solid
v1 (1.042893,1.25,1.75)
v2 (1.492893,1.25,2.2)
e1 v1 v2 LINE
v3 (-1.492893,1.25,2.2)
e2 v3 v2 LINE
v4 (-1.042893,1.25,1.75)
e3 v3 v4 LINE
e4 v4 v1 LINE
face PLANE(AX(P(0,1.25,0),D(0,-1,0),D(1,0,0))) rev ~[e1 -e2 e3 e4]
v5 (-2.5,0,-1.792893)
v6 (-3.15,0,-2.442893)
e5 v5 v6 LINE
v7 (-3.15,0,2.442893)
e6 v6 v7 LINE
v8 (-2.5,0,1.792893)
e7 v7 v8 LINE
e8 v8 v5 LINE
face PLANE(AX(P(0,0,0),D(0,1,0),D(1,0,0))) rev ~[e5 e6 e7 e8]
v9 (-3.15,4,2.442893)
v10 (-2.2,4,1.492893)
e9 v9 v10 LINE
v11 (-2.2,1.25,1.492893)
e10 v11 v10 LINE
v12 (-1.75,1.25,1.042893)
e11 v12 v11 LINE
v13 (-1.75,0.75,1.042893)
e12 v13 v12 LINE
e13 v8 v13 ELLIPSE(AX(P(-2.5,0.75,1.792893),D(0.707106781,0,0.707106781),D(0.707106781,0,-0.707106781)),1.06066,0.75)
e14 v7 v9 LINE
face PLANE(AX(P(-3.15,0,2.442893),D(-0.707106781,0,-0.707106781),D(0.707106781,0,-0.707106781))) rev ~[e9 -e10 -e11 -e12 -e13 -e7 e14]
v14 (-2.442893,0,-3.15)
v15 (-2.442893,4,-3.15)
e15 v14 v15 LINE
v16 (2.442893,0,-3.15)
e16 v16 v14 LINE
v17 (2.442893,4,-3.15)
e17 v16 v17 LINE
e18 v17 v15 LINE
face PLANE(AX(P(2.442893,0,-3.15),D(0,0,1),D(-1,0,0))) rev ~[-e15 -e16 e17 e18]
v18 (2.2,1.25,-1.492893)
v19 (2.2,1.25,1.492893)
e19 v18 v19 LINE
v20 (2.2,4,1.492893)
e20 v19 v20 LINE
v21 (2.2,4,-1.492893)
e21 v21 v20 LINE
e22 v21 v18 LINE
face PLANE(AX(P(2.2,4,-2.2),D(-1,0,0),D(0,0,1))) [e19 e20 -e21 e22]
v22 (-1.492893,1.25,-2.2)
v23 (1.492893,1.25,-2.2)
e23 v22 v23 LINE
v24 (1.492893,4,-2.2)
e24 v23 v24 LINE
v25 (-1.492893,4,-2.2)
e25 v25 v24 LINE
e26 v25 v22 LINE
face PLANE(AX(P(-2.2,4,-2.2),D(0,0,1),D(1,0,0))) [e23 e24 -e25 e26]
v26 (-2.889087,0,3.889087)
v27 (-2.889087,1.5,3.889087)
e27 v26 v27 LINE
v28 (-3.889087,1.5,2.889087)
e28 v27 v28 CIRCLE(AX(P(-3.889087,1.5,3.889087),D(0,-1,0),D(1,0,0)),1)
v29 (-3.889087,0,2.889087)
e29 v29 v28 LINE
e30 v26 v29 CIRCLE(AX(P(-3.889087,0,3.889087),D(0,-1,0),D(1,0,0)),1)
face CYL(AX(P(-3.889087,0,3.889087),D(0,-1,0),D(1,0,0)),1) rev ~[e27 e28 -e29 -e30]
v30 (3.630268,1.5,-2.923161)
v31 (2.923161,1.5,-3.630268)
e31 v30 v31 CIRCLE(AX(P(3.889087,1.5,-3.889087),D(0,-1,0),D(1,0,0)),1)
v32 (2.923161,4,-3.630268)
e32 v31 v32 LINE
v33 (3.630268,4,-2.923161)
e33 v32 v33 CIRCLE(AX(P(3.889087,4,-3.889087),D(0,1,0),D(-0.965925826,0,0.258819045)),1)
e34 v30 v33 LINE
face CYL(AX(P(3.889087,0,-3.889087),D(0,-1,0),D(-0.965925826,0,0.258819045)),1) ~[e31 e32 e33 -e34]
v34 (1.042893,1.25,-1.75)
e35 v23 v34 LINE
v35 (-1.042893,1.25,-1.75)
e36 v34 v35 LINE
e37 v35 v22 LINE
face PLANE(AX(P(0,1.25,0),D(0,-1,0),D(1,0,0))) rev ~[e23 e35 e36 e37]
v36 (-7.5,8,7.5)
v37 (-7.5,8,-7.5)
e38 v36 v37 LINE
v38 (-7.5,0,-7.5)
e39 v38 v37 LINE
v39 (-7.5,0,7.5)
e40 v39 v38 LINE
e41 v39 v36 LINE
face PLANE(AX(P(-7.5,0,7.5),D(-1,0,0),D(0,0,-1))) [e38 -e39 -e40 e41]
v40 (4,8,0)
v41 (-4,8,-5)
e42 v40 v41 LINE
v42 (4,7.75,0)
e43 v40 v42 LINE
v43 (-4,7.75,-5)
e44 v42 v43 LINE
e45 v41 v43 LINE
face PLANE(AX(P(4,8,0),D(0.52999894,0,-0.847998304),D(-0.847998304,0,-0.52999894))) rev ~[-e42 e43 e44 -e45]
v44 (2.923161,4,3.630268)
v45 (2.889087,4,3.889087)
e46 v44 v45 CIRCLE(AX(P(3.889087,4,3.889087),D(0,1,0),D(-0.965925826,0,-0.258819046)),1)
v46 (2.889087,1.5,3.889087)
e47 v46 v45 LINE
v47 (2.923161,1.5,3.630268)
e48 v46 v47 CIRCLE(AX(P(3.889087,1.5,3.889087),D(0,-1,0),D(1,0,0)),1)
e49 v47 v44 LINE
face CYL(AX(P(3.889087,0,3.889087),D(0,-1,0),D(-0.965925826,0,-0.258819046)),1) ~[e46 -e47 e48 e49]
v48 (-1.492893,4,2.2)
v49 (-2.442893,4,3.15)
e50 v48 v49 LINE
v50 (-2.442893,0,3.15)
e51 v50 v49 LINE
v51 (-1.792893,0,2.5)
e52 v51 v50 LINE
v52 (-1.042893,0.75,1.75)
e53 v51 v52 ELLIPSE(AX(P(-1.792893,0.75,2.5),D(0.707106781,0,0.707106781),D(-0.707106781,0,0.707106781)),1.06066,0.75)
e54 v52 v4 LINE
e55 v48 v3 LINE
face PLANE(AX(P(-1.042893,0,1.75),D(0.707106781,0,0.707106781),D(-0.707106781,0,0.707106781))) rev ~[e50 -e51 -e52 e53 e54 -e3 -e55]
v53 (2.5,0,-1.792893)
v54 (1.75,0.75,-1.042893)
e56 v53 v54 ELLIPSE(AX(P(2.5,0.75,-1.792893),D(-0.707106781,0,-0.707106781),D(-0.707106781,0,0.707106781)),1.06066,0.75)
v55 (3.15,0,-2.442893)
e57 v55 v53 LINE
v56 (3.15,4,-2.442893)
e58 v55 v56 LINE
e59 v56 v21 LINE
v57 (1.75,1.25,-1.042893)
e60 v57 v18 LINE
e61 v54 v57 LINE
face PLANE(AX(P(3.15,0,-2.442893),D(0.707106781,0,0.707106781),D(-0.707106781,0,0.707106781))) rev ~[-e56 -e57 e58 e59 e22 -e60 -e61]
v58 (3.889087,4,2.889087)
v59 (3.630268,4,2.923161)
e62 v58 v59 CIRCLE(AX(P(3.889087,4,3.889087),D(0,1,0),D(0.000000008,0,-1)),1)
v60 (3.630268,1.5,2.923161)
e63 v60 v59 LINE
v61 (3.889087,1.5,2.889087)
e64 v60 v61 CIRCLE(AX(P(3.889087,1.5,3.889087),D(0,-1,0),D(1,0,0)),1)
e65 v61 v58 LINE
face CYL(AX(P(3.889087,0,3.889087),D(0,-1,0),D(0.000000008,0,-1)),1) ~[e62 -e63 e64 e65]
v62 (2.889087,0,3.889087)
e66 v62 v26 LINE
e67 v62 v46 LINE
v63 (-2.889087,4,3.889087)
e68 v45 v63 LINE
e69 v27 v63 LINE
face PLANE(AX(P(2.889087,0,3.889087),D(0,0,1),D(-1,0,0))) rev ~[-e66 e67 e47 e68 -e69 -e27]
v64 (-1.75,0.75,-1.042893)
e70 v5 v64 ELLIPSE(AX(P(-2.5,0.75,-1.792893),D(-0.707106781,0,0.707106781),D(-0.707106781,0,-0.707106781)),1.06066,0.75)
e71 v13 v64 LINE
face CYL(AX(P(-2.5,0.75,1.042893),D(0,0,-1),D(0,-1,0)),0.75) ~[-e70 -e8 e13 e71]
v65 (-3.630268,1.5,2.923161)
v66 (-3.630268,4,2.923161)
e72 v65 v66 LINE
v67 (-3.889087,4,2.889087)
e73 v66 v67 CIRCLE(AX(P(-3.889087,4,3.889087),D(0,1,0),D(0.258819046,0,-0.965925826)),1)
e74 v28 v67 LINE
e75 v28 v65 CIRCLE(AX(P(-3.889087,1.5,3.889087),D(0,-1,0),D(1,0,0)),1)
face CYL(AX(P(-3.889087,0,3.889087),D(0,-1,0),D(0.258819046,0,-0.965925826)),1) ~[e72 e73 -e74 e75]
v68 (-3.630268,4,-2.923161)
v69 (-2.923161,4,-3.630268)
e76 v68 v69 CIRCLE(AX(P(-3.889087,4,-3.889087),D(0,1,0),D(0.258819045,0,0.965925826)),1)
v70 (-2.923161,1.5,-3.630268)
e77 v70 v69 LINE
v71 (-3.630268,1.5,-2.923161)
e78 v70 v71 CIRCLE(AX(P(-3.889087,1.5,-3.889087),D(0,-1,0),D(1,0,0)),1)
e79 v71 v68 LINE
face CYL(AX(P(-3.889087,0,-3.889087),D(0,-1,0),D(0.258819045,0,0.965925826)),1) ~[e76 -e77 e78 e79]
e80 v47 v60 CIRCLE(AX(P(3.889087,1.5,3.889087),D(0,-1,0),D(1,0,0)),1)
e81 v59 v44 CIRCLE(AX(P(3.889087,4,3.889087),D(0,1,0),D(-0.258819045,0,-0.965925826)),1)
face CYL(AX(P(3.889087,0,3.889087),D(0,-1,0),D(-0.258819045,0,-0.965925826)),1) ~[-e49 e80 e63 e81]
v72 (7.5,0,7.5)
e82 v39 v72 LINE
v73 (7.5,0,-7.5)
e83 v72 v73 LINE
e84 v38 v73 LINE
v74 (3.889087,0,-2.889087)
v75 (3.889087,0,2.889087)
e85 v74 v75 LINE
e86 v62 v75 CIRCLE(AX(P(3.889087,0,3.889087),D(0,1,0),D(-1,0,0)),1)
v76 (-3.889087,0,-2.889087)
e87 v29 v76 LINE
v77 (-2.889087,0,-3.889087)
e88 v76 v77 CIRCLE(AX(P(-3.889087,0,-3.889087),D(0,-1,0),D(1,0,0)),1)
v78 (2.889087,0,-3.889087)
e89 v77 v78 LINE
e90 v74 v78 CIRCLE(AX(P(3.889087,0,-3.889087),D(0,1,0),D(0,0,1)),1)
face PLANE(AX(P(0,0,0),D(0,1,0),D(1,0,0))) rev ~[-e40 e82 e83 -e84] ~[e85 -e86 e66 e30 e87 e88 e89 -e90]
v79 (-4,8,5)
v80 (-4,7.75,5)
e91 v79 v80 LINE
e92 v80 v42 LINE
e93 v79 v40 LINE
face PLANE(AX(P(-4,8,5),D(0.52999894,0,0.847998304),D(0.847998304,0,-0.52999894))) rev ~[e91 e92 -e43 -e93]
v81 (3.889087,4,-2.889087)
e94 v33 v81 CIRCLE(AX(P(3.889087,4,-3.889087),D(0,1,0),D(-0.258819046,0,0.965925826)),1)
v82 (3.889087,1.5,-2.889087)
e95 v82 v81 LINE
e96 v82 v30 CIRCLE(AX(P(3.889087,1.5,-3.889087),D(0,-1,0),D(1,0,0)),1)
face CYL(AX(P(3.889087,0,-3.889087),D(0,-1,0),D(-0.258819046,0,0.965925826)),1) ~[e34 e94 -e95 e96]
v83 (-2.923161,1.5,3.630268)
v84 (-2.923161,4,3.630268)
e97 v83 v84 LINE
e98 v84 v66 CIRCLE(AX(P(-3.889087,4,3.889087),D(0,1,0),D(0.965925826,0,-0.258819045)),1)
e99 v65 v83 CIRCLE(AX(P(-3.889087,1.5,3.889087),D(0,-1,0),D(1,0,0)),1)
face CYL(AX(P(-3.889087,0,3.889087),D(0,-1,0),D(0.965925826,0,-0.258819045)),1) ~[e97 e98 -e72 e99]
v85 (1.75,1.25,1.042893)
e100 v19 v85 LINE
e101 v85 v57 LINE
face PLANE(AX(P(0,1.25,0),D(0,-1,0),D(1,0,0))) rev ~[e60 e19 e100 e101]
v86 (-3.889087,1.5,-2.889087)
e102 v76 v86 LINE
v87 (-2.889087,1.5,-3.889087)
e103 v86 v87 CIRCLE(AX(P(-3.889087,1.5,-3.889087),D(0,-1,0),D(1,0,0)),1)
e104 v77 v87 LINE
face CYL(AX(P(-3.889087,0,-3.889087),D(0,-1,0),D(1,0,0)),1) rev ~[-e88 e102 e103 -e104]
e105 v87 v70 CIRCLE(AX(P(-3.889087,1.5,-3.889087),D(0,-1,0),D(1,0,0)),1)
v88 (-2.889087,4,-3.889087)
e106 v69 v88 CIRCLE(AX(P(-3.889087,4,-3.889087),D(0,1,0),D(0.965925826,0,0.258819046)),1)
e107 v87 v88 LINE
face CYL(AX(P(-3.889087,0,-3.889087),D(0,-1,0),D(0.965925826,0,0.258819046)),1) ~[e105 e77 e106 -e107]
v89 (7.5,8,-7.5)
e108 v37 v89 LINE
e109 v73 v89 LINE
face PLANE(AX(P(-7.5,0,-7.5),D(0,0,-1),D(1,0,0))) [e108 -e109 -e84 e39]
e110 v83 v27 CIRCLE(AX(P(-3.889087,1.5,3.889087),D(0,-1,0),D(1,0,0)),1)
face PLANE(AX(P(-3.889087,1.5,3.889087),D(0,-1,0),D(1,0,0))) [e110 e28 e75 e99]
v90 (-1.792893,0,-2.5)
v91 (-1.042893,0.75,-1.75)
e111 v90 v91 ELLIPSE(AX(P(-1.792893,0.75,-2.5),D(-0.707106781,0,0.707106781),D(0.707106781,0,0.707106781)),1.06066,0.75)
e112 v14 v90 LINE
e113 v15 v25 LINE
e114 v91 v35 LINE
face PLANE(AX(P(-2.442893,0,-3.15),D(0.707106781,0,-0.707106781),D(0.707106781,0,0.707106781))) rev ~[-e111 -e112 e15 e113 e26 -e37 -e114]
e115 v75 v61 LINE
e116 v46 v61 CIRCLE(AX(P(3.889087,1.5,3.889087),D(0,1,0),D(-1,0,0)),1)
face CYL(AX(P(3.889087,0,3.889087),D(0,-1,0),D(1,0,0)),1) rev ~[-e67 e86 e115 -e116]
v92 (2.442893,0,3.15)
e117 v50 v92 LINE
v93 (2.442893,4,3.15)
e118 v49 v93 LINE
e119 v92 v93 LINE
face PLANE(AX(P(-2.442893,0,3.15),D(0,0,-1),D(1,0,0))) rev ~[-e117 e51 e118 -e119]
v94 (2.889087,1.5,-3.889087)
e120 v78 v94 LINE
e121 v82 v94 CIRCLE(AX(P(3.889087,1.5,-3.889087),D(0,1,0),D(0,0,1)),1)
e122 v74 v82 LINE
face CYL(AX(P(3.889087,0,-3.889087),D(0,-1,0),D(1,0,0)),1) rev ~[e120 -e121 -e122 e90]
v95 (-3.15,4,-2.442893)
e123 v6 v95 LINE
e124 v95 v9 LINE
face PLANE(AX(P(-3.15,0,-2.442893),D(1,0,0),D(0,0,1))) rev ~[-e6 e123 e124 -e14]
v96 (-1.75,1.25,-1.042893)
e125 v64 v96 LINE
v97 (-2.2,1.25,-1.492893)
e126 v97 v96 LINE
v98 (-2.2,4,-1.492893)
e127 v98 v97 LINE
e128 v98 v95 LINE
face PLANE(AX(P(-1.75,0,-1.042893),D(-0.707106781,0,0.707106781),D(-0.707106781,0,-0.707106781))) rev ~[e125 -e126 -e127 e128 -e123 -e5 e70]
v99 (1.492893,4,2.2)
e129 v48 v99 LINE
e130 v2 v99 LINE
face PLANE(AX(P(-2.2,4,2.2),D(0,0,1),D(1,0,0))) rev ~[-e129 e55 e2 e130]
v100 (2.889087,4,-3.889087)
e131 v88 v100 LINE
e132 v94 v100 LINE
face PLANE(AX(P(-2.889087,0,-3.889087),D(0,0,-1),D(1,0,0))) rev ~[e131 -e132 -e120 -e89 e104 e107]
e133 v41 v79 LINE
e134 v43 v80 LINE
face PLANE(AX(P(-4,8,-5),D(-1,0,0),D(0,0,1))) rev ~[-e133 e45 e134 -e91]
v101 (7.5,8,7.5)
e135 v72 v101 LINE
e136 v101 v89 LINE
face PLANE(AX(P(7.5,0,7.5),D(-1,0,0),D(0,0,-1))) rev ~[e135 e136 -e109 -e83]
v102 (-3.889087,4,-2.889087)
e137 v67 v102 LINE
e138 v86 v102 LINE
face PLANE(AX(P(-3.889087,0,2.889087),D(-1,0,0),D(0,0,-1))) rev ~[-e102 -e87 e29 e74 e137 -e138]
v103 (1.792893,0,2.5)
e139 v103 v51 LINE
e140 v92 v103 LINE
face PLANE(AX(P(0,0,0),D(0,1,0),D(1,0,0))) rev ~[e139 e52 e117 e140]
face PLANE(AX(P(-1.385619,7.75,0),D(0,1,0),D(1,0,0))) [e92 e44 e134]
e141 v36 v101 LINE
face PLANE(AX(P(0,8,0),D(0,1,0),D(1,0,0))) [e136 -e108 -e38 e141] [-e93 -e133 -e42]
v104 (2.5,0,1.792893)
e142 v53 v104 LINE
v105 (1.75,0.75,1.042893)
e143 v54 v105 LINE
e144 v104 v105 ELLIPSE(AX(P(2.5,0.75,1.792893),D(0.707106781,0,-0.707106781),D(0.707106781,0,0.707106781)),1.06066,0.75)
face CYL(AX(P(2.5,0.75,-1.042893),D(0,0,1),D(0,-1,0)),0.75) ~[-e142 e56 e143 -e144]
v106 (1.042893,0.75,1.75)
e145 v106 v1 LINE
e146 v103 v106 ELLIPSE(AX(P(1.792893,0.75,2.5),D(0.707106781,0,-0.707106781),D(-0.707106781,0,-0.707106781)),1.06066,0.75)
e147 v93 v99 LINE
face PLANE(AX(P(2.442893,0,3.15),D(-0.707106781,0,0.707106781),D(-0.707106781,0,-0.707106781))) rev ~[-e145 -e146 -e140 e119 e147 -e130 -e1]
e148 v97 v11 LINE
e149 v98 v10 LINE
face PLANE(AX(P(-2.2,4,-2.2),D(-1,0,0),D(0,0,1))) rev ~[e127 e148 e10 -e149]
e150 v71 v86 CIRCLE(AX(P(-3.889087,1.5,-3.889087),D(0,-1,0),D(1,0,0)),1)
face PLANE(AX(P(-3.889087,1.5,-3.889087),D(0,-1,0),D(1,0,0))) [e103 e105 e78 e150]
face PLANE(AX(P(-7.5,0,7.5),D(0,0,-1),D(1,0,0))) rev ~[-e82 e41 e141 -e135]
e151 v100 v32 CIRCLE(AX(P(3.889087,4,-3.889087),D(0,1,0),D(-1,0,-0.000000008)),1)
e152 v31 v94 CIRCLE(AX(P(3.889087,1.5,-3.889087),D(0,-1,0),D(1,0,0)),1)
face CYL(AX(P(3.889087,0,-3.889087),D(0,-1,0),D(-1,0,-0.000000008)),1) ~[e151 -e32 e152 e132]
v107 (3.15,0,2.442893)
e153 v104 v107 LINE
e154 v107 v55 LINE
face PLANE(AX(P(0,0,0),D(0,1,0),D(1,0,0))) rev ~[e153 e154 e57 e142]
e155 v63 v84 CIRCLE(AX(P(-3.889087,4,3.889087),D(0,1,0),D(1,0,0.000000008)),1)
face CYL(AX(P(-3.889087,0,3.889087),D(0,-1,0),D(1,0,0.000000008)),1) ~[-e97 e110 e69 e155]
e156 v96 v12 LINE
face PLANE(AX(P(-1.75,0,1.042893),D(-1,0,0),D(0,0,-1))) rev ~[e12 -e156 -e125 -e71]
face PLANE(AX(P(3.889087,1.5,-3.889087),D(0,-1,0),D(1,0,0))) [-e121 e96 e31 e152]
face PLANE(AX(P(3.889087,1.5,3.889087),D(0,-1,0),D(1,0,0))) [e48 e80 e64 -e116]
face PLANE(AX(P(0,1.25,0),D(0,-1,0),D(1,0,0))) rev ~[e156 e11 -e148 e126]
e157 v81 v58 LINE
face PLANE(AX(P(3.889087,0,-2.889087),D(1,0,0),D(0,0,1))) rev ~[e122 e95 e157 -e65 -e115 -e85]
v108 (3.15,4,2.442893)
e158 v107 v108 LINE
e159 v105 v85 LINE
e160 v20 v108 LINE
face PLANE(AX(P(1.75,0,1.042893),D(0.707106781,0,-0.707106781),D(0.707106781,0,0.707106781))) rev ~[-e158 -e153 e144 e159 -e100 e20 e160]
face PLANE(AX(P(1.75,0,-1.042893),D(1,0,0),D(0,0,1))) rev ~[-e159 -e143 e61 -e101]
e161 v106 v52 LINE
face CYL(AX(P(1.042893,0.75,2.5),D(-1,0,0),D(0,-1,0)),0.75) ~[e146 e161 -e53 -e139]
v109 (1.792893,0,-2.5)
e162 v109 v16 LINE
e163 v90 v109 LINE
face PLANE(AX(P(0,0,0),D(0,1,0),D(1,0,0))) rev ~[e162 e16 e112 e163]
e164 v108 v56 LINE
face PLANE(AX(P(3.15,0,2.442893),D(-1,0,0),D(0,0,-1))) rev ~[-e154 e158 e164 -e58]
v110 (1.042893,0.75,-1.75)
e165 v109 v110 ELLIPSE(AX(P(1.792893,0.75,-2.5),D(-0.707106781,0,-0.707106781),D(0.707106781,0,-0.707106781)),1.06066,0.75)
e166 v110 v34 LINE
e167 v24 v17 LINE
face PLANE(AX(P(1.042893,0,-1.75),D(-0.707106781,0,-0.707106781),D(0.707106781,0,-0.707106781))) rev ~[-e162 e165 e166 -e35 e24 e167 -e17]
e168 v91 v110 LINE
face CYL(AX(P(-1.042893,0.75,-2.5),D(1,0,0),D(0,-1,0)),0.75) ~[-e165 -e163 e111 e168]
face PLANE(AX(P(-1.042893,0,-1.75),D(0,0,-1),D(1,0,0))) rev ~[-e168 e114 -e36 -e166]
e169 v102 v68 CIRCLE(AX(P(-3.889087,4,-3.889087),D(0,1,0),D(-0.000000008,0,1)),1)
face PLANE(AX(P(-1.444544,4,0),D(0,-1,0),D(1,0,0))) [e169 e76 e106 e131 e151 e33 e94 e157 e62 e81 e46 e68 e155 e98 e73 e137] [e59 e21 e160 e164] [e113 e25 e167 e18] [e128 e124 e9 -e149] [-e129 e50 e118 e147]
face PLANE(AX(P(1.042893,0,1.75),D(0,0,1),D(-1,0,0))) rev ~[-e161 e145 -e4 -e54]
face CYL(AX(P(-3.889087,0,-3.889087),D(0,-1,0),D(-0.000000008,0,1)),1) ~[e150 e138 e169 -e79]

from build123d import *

# Parameters (mm, degrees)
SKETCH1_W           = 15
SKETCH1_H           = 15
BOSS_EXTRUDE1_DEPTH = 8
SKETCH2_R           = 1
CUT_EXTRUDE1_DEPTH  = 1.5
CUT_EXTRUDE2_DEPTH  = 4
SKETCH4_W           = 4.4
SKETCH4_H           = 4.4
CUT_EXTRUDE3_DEPTH  = 2.75
CUT_EXTRUDE4_DEPTH  = 0.25
FILLET1_R           = 0.75


with BuildPart() as part:
    # Sketch1 → Boss-Extrude1 (new body)
    with BuildSketch(Plane(origin=(0, 0, 0), x_dir=(1, 0, 0), z_dir=(0, 1, 0))):
        Rectangle(SKETCH1_W, SKETCH1_H)
    extrude(amount=BOSS_EXTRUDE1_DEPTH)

    # Sketch2 → Cut-Extrude1 (cut)
    with BuildSketch(Plane.XZ):
        with Locations((-3.889087297, 3.889087297)):
            Circle(SKETCH2_R)
        with Locations((3.889087297, -3.889087297)):
            Circle(SKETCH2_R)
        with Locations((-3.889087297, -3.889087297)):
            Circle(SKETCH2_R)
        with Locations((3.889087297, 3.889087297)):
            Circle(SKETCH2_R)
    extrude(amount=-CUT_EXTRUDE1_DEPTH, mode=Mode.SUBTRACT)

    # Sketch3 → Cut-Extrude2 (cut)
    with BuildSketch(Plane.XZ):
        Polygon((-0.707106781, 0), (-1.75, 1.042893219), (-1.75, -1.042893219), align=None)
        Polygon((-0.707106781, 0), (-1.75, -1.042893219), (-1.75, -1.75), (-1.042893219, -1.75), (0, -0.707106781), align=None)
        Polygon((1.042893219, -1.75), (0, -0.707106781), (-1.042893219, -1.75), align=None)
        Polygon((1.75, -1.042893219), (0.707106781, 0), (0, -0.707106781), (1.042893219, -1.75), (1.75, -1.75), align=None)
        Polygon((1.75, 1.042893219), (0.707106781, 0), (1.75, -1.042893219), align=None)
        Polygon((1.75, 1.75), (1.042893219, 1.75), (0, 0.707106781), (0.707106781, 0), (1.75, 1.042893219), align=None)
        Polygon((1.042893219, 1.75), (-1.042893219, 1.75), (0, 0.707106781), align=None)
        Polygon((0, 0.707106781), (-1.042893219, 1.75), (-1.75, 1.75), (-1.75, 1.042893219), (-0.707106781, 0), align=None)
        Polygon((0.707106781, 0), (0, 0.707106781), (-0.707106781, 0), (0, -0.707106781), align=None)
        Polygon((-2.442893219, 3.15), (-3.15, 3.15), (-3.15, 2.442893219), (-1.75, 1.042893219), (-1.75, 1.75), (-1.042893219, 1.75), align=None)
        Polygon((3.15, 3.15), (2.442893219, 3.15), (1.042893219, 1.75), (1.75, 1.75), (1.75, 1.042893219), (3.15, 2.442893219), align=None)
        Polygon((3.15, -3.15), (3.15, -2.442893219), (1.75, -1.042893219), (1.75, -1.75), (1.042893219, -1.75), (2.442893219, -3.15), align=None)
        Polygon((-1.75, -1.042893219), (-3.15, -2.442893219), (-3.15, -3.15), (-2.442893219, -3.15), (-1.042893219, -1.75), (-1.75, -1.75), align=None)
        with BuildLine():
            Line((-3.15, -2.442893219), (-3.15, 2.442893219))
            Line((-3.15, 2.442893219), (-3.630268251, 2.92316147))
            ThreePointArc((-3.630268251, 2.92316147), (-3.758561104, 2.897642435), (-3.889087297, 2.889087297))
            Line((-3.889087297, 2.889087297), (-3.889087297, -2.889087297))
            ThreePointArc((-3.889087297, -2.889087297), (-3.758561104, -2.897642435), (-3.630268251, -2.92316147))
            Line((-3.630268251, -2.92316147), (-3.15, -2.442893219))
        make_face()
        with BuildLine():
            Line((3.630268251, 2.92316147), (3.15, 2.442893219))
            Line((3.15, 2.442893219), (3.15, -2.442893219))
            Line((3.15, -2.442893219), (3.630268251, -2.92316147))
            ThreePointArc((3.630268251, -2.92316147), (3.758561104, -2.897642435), (3.889087297, -2.889087297))
            Line((3.889087297, -2.889087297), (3.889087297, 2.889087297))
            ThreePointArc((3.889087297, 2.889087297), (3.758561104, 2.897642435), (3.630268251, 2.92316147))
        make_face()
        with BuildLine():
            Line((2.92316147, 3.630268251), (2.442893219, 3.15))
            Line((2.442893219, 3.15), (3.15, 3.15))
            Line((3.15, 3.15), (3.15, 2.442893219))
            Line((3.15, 2.442893219), (3.630268251, 2.92316147))
            ThreePointArc((3.630268251, 2.92316147), (3.181980515, 3.181980515), (2.92316147, 3.630268251))
        make_face()
        with BuildLine():
            Line((-2.92316147, 3.630268251), (-2.442893219, 3.15))
            Line((-2.442893219, 3.15), (2.442893219, 3.15))
            Line((2.442893219, 3.15), (2.92316147, 3.630268251))
            ThreePointArc((2.92316147, 3.630268251), (2.897642435, 3.758561104), (2.889087297, 3.889087297))
            Line((2.889087297, 3.889087297), (-2.889087297, 3.889087297))
            ThreePointArc((-2.889087297, 3.889087297), (-2.897642435, 3.758561104), (-2.92316147, 3.630268251))
        make_face()
        with BuildLine():
            Line((-3.15, -3.15), (-3.15, -2.442893219))
            Line((-3.15, -2.442893219), (-3.630268251, -2.92316147))
            ThreePointArc((-3.630268251, -2.92316147), (-3.181980515, -3.181980515), (-2.92316147, -3.630268251))
            Line((-2.92316147, -3.630268251), (-2.442893219, -3.15))
            Line((-2.442893219, -3.15), (-3.15, -3.15))
        make_face()
        with BuildLine():
            Line((2.442893219, -3.15), (-2.442893219, -3.15))
            Line((-2.442893219, -3.15), (-2.92316147, -3.630268251))
            ThreePointArc((-2.92316147, -3.630268251), (-2.897642435, -3.758561104), (-2.889087297, -3.889087297))
            Line((-2.889087297, -3.889087297), (2.889087297, -3.889087297))
            ThreePointArc((2.889087297, -3.889087297), (2.897642435, -3.758561104), (2.92316147, -3.630268251))
            Line((2.92316147, -3.630268251), (2.442893219, -3.15))
        make_face()
        with BuildLine():
            Line((3.630268251, -2.92316147), (3.15, -2.442893219))
            Line((3.15, -2.442893219), (3.15, -3.15))
            Line((3.15, -3.15), (2.442893219, -3.15))
            Line((2.442893219, -3.15), (2.92316147, -3.630268251))
            ThreePointArc((2.92316147, -3.630268251), (3.181980515, -3.181980515), (3.630268251, -2.92316147))
        make_face()
        with BuildLine():
            Line((-3.15, 2.442893219), (-3.15, 3.15))
            Line((-3.15, 3.15), (-2.442893219, 3.15))
            Line((-2.442893219, 3.15), (-2.92316147, 3.630268251))
            ThreePointArc((-2.92316147, 3.630268251), (-3.181980515, 3.181980515), (-3.630268251, 2.92316147))
            Line((-3.630268251, 2.92316147), (-3.15, 2.442893219))
        make_face()
    extrude(amount=-CUT_EXTRUDE2_DEPTH, mode=Mode.SUBTRACT)

    # Sketch4 → Cut-Extrude3 (cut)
    with BuildSketch(Plane.XZ.offset(-4)):
        Rectangle(SKETCH4_W, SKETCH4_H)
    extrude(amount=CUT_EXTRUDE3_DEPTH, mode=Mode.SUBTRACT)

    # Sketch5 → Cut-Extrude4 (cut)
    with BuildSketch(Plane(origin=(0, 8, 0), x_dir=(1, 0, 0), z_dir=(0, 1, 0))):
        Polygon((4, 0), (-4, 5), (-4, -5), align=None)
    extrude(amount=-CUT_EXTRUDE4_DEPTH, mode=Mode.SUBTRACT)

    # Fillet1
    fillet1_edges = [part.edges().sort_by_distance(p)[0] for p in [
        (0, 0, 1.75),
        (1.75, 0, 0),
        (0, 0, -1.75),
        (-1.75, 0, 0),
    ]]
    fillet(fillet1_edges, radius=FILLET1_R)


solid = part.part
